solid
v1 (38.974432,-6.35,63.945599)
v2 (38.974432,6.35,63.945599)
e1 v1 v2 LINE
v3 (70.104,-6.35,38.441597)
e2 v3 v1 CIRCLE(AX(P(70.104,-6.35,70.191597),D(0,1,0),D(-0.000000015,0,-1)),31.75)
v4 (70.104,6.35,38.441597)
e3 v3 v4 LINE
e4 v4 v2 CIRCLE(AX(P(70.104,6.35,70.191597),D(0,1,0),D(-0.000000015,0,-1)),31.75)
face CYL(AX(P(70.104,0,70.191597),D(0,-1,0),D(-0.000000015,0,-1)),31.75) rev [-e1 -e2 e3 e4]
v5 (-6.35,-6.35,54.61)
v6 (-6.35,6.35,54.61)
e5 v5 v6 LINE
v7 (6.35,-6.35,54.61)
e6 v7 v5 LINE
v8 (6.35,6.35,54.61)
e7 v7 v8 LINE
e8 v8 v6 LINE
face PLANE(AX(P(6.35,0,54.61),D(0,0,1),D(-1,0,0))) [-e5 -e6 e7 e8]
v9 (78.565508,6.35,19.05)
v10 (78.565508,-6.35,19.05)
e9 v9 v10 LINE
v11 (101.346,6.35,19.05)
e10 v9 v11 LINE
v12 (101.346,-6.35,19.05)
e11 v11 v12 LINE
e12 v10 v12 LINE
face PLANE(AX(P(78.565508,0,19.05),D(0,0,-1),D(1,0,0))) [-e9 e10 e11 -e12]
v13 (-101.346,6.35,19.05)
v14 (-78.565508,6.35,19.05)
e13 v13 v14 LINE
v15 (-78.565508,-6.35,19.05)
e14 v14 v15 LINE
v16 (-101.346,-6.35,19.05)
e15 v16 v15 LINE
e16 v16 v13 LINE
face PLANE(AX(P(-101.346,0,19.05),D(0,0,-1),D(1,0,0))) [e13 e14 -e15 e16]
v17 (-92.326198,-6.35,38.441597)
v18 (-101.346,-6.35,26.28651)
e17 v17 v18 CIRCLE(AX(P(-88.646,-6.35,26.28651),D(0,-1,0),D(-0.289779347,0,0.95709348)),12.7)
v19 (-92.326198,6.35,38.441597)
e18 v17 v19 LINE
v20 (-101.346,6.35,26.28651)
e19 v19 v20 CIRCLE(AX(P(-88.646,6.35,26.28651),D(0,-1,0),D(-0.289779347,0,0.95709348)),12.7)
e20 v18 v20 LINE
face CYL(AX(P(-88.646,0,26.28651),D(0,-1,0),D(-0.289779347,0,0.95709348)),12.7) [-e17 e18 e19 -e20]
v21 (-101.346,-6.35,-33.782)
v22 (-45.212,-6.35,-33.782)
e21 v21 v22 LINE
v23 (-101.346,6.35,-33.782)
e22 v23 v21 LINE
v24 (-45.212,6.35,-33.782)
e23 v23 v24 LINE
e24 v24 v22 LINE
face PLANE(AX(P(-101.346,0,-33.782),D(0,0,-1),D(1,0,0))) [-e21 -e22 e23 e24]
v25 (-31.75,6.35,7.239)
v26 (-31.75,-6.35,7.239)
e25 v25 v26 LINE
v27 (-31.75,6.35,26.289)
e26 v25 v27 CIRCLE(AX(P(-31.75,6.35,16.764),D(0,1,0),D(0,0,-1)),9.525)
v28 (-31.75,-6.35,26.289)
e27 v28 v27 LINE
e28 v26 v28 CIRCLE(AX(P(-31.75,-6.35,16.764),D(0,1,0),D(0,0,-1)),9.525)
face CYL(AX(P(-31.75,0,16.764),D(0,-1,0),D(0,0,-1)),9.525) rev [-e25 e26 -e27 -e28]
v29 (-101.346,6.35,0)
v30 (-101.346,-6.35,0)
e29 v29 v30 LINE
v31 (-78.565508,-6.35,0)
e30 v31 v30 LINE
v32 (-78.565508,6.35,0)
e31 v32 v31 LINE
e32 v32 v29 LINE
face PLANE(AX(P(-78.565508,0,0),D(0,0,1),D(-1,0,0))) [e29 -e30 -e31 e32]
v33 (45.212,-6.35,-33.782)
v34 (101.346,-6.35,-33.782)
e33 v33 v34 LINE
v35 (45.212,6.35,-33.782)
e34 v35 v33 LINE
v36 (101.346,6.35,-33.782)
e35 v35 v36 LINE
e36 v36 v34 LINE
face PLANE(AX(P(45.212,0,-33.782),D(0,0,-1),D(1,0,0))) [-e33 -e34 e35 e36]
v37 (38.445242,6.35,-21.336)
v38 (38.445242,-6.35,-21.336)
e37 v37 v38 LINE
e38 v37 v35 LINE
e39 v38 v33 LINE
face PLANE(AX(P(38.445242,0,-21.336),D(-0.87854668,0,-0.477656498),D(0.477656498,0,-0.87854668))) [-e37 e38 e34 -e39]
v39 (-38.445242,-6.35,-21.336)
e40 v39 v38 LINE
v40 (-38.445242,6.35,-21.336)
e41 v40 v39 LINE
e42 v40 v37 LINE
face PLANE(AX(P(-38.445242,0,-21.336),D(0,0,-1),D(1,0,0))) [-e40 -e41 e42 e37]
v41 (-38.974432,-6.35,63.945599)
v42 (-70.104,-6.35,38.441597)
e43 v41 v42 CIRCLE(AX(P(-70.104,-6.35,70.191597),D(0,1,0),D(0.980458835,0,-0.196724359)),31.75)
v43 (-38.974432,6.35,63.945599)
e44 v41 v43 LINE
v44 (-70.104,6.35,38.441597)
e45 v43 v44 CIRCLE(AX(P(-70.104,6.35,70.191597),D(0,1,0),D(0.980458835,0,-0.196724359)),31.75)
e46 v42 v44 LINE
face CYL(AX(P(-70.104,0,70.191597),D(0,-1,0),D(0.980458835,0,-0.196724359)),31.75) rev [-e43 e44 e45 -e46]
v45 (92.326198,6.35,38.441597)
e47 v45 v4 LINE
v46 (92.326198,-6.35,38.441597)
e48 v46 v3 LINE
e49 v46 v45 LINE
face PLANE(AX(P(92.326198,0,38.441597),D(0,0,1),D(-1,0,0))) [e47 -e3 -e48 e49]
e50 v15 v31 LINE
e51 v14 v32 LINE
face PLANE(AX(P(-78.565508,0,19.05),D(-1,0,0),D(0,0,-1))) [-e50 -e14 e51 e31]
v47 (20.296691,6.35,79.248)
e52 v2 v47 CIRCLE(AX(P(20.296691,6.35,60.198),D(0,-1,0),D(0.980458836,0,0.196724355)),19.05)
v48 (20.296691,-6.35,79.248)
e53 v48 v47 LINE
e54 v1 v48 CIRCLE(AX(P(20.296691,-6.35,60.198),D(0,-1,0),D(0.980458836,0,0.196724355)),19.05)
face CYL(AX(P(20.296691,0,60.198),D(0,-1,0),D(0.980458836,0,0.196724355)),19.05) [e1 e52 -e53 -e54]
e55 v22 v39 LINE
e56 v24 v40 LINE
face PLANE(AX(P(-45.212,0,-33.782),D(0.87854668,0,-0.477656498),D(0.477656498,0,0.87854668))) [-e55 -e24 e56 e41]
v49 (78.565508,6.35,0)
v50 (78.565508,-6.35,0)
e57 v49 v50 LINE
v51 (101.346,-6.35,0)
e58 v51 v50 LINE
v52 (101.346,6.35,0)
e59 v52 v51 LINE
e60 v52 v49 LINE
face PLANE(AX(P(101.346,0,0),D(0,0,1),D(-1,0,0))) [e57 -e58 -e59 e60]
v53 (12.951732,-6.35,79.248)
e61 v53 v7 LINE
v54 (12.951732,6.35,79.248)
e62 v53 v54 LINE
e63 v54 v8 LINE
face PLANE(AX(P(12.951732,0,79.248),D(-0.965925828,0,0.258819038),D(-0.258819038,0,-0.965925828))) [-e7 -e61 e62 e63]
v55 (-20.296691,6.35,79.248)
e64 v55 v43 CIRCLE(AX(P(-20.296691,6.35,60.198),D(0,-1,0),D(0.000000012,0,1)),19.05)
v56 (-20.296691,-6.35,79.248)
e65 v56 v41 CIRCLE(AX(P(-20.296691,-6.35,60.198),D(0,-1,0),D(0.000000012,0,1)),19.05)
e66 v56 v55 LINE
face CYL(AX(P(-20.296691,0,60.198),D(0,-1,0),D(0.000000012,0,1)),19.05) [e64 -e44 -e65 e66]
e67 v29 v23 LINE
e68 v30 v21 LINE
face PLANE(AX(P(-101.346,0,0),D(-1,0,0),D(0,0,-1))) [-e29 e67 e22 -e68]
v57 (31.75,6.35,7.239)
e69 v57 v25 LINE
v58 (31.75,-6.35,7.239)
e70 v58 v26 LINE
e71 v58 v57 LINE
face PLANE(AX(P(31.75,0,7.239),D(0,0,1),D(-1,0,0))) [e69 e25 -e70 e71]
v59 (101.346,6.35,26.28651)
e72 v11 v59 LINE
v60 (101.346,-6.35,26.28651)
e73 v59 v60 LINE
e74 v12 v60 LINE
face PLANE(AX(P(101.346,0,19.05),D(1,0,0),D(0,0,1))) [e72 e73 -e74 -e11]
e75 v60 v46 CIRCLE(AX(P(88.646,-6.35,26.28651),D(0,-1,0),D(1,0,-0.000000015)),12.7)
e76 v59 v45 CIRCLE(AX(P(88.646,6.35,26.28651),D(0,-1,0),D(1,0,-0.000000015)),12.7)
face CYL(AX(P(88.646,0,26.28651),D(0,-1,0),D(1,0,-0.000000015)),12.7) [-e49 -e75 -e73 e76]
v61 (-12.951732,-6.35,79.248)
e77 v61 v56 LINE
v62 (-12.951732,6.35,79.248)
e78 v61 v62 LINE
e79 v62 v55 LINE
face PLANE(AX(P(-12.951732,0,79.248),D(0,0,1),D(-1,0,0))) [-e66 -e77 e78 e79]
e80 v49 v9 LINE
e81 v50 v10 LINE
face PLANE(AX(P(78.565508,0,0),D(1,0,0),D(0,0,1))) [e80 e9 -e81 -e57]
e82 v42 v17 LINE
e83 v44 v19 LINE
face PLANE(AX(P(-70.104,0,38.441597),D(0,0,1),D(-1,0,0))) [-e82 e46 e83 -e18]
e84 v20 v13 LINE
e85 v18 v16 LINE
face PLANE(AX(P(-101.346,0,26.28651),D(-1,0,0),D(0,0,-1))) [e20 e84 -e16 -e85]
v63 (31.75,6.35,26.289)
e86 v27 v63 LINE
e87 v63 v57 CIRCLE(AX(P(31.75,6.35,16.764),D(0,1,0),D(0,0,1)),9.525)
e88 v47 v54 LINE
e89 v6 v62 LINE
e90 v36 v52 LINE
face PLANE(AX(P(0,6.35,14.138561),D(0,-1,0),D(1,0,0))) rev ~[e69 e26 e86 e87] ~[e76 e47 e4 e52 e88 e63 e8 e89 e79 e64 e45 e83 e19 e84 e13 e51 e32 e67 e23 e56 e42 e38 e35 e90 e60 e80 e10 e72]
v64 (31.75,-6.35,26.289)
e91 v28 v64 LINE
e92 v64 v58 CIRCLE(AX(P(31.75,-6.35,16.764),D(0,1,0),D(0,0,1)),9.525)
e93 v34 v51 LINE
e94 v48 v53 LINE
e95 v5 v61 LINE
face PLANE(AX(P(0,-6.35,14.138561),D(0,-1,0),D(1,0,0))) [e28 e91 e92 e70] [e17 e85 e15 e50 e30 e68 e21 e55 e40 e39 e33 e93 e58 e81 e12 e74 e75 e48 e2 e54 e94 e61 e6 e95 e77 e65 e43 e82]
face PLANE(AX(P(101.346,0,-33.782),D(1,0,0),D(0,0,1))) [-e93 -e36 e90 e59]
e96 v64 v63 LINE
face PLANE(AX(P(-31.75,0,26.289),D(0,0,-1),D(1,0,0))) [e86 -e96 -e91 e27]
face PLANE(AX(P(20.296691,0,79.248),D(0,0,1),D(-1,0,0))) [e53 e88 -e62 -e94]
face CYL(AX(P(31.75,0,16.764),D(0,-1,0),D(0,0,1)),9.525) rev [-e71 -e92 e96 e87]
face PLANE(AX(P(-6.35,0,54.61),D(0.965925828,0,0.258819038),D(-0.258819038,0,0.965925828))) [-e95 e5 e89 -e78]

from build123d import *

# Parameters (mm, degrees)
F1_DEPTH = 6.35


with BuildPart() as f1:
    # F0 (on Front) → F1 (new body, symmetric)
    with BuildSketch(Plane.XZ):
        with BuildLine():
            Line((-101.346, 19.05), (-78.565508, 19.05))
            Line((-78.565508, 19.05), (-78.565508, 0))
            Line((-78.565508, 0), (-101.346, 0))
            Line((-101.346, 0), (-101.346, -33.782))
            Line((-101.346, -33.782), (-45.212, -33.782))
            Line((-45.212, -33.782), (-38.445242, -21.336))
            Line((-38.445242, -21.336), (38.445242, -21.336))
            Line((38.445242, -21.336), (45.212, -33.782))
            Line((45.212, -33.782), (101.346, -33.782))
            Line((101.346, -33.782), (101.346, 0))
            Line((101.346, 0), (78.565508, 0))
            Line((78.565508, 0), (78.565508, 19.05))
            Line((78.565508, 19.05), (101.346, 19.05))
            Line((101.346, 19.05), (101.346, 26.28651))
            ThreePointArc((101.346, 26.28651), (98.844738, 33.854584), (92.326198, 38.441597))
            Line((92.326198, 38.441597), (70.104, 38.441597))
            ThreePointArc((70.104, 38.441597), (49.982469, 45.631742), (38.974432, 63.945599))
            ThreePointArc((38.974432, 63.945599), (32.36961, 74.933913), (20.296691, 79.248))
            Line((20.296691, 79.248), (12.951732, 79.248))
            Line((12.951732, 79.248), (6.35, 54.61))
            Line((6.35, 54.61), (-6.35, 54.61))
            Line((-6.35, 54.61), (-12.951732, 79.248))
            Line((-12.951732, 79.248), (-20.296691, 79.248))
            ThreePointArc((-20.296691, 79.248), (-32.36961, 74.933913), (-38.974432, 63.945599))
            ThreePointArc((-38.974432, 63.945599), (-49.982469, 45.631742), (-70.104, 38.441597))
            Line((-70.104, 38.441597), (-92.326198, 38.441597))
            ThreePointArc((-92.326198, 38.441597), (-98.844738, 33.854584), (-101.346, 26.28651))
            Line((-101.346, 26.28651), (-101.346, 19.05))
        make_face()
        with BuildLine():
            ThreePointArc((-31.75, 7.239), (-41.275, 16.764), (-31.75, 26.289))
            Line((-31.75, 26.289), (31.75, 26.289))
            ThreePointArc((31.75, 26.289), (41.275, 16.764), (31.75, 7.239))
            Line((31.75, 7.239), (-31.75, 7.239))
        make_face(mode=Mode.SUBTRACT)
    extrude(amount=F1_DEPTH, both=True)


solid = f1.part
